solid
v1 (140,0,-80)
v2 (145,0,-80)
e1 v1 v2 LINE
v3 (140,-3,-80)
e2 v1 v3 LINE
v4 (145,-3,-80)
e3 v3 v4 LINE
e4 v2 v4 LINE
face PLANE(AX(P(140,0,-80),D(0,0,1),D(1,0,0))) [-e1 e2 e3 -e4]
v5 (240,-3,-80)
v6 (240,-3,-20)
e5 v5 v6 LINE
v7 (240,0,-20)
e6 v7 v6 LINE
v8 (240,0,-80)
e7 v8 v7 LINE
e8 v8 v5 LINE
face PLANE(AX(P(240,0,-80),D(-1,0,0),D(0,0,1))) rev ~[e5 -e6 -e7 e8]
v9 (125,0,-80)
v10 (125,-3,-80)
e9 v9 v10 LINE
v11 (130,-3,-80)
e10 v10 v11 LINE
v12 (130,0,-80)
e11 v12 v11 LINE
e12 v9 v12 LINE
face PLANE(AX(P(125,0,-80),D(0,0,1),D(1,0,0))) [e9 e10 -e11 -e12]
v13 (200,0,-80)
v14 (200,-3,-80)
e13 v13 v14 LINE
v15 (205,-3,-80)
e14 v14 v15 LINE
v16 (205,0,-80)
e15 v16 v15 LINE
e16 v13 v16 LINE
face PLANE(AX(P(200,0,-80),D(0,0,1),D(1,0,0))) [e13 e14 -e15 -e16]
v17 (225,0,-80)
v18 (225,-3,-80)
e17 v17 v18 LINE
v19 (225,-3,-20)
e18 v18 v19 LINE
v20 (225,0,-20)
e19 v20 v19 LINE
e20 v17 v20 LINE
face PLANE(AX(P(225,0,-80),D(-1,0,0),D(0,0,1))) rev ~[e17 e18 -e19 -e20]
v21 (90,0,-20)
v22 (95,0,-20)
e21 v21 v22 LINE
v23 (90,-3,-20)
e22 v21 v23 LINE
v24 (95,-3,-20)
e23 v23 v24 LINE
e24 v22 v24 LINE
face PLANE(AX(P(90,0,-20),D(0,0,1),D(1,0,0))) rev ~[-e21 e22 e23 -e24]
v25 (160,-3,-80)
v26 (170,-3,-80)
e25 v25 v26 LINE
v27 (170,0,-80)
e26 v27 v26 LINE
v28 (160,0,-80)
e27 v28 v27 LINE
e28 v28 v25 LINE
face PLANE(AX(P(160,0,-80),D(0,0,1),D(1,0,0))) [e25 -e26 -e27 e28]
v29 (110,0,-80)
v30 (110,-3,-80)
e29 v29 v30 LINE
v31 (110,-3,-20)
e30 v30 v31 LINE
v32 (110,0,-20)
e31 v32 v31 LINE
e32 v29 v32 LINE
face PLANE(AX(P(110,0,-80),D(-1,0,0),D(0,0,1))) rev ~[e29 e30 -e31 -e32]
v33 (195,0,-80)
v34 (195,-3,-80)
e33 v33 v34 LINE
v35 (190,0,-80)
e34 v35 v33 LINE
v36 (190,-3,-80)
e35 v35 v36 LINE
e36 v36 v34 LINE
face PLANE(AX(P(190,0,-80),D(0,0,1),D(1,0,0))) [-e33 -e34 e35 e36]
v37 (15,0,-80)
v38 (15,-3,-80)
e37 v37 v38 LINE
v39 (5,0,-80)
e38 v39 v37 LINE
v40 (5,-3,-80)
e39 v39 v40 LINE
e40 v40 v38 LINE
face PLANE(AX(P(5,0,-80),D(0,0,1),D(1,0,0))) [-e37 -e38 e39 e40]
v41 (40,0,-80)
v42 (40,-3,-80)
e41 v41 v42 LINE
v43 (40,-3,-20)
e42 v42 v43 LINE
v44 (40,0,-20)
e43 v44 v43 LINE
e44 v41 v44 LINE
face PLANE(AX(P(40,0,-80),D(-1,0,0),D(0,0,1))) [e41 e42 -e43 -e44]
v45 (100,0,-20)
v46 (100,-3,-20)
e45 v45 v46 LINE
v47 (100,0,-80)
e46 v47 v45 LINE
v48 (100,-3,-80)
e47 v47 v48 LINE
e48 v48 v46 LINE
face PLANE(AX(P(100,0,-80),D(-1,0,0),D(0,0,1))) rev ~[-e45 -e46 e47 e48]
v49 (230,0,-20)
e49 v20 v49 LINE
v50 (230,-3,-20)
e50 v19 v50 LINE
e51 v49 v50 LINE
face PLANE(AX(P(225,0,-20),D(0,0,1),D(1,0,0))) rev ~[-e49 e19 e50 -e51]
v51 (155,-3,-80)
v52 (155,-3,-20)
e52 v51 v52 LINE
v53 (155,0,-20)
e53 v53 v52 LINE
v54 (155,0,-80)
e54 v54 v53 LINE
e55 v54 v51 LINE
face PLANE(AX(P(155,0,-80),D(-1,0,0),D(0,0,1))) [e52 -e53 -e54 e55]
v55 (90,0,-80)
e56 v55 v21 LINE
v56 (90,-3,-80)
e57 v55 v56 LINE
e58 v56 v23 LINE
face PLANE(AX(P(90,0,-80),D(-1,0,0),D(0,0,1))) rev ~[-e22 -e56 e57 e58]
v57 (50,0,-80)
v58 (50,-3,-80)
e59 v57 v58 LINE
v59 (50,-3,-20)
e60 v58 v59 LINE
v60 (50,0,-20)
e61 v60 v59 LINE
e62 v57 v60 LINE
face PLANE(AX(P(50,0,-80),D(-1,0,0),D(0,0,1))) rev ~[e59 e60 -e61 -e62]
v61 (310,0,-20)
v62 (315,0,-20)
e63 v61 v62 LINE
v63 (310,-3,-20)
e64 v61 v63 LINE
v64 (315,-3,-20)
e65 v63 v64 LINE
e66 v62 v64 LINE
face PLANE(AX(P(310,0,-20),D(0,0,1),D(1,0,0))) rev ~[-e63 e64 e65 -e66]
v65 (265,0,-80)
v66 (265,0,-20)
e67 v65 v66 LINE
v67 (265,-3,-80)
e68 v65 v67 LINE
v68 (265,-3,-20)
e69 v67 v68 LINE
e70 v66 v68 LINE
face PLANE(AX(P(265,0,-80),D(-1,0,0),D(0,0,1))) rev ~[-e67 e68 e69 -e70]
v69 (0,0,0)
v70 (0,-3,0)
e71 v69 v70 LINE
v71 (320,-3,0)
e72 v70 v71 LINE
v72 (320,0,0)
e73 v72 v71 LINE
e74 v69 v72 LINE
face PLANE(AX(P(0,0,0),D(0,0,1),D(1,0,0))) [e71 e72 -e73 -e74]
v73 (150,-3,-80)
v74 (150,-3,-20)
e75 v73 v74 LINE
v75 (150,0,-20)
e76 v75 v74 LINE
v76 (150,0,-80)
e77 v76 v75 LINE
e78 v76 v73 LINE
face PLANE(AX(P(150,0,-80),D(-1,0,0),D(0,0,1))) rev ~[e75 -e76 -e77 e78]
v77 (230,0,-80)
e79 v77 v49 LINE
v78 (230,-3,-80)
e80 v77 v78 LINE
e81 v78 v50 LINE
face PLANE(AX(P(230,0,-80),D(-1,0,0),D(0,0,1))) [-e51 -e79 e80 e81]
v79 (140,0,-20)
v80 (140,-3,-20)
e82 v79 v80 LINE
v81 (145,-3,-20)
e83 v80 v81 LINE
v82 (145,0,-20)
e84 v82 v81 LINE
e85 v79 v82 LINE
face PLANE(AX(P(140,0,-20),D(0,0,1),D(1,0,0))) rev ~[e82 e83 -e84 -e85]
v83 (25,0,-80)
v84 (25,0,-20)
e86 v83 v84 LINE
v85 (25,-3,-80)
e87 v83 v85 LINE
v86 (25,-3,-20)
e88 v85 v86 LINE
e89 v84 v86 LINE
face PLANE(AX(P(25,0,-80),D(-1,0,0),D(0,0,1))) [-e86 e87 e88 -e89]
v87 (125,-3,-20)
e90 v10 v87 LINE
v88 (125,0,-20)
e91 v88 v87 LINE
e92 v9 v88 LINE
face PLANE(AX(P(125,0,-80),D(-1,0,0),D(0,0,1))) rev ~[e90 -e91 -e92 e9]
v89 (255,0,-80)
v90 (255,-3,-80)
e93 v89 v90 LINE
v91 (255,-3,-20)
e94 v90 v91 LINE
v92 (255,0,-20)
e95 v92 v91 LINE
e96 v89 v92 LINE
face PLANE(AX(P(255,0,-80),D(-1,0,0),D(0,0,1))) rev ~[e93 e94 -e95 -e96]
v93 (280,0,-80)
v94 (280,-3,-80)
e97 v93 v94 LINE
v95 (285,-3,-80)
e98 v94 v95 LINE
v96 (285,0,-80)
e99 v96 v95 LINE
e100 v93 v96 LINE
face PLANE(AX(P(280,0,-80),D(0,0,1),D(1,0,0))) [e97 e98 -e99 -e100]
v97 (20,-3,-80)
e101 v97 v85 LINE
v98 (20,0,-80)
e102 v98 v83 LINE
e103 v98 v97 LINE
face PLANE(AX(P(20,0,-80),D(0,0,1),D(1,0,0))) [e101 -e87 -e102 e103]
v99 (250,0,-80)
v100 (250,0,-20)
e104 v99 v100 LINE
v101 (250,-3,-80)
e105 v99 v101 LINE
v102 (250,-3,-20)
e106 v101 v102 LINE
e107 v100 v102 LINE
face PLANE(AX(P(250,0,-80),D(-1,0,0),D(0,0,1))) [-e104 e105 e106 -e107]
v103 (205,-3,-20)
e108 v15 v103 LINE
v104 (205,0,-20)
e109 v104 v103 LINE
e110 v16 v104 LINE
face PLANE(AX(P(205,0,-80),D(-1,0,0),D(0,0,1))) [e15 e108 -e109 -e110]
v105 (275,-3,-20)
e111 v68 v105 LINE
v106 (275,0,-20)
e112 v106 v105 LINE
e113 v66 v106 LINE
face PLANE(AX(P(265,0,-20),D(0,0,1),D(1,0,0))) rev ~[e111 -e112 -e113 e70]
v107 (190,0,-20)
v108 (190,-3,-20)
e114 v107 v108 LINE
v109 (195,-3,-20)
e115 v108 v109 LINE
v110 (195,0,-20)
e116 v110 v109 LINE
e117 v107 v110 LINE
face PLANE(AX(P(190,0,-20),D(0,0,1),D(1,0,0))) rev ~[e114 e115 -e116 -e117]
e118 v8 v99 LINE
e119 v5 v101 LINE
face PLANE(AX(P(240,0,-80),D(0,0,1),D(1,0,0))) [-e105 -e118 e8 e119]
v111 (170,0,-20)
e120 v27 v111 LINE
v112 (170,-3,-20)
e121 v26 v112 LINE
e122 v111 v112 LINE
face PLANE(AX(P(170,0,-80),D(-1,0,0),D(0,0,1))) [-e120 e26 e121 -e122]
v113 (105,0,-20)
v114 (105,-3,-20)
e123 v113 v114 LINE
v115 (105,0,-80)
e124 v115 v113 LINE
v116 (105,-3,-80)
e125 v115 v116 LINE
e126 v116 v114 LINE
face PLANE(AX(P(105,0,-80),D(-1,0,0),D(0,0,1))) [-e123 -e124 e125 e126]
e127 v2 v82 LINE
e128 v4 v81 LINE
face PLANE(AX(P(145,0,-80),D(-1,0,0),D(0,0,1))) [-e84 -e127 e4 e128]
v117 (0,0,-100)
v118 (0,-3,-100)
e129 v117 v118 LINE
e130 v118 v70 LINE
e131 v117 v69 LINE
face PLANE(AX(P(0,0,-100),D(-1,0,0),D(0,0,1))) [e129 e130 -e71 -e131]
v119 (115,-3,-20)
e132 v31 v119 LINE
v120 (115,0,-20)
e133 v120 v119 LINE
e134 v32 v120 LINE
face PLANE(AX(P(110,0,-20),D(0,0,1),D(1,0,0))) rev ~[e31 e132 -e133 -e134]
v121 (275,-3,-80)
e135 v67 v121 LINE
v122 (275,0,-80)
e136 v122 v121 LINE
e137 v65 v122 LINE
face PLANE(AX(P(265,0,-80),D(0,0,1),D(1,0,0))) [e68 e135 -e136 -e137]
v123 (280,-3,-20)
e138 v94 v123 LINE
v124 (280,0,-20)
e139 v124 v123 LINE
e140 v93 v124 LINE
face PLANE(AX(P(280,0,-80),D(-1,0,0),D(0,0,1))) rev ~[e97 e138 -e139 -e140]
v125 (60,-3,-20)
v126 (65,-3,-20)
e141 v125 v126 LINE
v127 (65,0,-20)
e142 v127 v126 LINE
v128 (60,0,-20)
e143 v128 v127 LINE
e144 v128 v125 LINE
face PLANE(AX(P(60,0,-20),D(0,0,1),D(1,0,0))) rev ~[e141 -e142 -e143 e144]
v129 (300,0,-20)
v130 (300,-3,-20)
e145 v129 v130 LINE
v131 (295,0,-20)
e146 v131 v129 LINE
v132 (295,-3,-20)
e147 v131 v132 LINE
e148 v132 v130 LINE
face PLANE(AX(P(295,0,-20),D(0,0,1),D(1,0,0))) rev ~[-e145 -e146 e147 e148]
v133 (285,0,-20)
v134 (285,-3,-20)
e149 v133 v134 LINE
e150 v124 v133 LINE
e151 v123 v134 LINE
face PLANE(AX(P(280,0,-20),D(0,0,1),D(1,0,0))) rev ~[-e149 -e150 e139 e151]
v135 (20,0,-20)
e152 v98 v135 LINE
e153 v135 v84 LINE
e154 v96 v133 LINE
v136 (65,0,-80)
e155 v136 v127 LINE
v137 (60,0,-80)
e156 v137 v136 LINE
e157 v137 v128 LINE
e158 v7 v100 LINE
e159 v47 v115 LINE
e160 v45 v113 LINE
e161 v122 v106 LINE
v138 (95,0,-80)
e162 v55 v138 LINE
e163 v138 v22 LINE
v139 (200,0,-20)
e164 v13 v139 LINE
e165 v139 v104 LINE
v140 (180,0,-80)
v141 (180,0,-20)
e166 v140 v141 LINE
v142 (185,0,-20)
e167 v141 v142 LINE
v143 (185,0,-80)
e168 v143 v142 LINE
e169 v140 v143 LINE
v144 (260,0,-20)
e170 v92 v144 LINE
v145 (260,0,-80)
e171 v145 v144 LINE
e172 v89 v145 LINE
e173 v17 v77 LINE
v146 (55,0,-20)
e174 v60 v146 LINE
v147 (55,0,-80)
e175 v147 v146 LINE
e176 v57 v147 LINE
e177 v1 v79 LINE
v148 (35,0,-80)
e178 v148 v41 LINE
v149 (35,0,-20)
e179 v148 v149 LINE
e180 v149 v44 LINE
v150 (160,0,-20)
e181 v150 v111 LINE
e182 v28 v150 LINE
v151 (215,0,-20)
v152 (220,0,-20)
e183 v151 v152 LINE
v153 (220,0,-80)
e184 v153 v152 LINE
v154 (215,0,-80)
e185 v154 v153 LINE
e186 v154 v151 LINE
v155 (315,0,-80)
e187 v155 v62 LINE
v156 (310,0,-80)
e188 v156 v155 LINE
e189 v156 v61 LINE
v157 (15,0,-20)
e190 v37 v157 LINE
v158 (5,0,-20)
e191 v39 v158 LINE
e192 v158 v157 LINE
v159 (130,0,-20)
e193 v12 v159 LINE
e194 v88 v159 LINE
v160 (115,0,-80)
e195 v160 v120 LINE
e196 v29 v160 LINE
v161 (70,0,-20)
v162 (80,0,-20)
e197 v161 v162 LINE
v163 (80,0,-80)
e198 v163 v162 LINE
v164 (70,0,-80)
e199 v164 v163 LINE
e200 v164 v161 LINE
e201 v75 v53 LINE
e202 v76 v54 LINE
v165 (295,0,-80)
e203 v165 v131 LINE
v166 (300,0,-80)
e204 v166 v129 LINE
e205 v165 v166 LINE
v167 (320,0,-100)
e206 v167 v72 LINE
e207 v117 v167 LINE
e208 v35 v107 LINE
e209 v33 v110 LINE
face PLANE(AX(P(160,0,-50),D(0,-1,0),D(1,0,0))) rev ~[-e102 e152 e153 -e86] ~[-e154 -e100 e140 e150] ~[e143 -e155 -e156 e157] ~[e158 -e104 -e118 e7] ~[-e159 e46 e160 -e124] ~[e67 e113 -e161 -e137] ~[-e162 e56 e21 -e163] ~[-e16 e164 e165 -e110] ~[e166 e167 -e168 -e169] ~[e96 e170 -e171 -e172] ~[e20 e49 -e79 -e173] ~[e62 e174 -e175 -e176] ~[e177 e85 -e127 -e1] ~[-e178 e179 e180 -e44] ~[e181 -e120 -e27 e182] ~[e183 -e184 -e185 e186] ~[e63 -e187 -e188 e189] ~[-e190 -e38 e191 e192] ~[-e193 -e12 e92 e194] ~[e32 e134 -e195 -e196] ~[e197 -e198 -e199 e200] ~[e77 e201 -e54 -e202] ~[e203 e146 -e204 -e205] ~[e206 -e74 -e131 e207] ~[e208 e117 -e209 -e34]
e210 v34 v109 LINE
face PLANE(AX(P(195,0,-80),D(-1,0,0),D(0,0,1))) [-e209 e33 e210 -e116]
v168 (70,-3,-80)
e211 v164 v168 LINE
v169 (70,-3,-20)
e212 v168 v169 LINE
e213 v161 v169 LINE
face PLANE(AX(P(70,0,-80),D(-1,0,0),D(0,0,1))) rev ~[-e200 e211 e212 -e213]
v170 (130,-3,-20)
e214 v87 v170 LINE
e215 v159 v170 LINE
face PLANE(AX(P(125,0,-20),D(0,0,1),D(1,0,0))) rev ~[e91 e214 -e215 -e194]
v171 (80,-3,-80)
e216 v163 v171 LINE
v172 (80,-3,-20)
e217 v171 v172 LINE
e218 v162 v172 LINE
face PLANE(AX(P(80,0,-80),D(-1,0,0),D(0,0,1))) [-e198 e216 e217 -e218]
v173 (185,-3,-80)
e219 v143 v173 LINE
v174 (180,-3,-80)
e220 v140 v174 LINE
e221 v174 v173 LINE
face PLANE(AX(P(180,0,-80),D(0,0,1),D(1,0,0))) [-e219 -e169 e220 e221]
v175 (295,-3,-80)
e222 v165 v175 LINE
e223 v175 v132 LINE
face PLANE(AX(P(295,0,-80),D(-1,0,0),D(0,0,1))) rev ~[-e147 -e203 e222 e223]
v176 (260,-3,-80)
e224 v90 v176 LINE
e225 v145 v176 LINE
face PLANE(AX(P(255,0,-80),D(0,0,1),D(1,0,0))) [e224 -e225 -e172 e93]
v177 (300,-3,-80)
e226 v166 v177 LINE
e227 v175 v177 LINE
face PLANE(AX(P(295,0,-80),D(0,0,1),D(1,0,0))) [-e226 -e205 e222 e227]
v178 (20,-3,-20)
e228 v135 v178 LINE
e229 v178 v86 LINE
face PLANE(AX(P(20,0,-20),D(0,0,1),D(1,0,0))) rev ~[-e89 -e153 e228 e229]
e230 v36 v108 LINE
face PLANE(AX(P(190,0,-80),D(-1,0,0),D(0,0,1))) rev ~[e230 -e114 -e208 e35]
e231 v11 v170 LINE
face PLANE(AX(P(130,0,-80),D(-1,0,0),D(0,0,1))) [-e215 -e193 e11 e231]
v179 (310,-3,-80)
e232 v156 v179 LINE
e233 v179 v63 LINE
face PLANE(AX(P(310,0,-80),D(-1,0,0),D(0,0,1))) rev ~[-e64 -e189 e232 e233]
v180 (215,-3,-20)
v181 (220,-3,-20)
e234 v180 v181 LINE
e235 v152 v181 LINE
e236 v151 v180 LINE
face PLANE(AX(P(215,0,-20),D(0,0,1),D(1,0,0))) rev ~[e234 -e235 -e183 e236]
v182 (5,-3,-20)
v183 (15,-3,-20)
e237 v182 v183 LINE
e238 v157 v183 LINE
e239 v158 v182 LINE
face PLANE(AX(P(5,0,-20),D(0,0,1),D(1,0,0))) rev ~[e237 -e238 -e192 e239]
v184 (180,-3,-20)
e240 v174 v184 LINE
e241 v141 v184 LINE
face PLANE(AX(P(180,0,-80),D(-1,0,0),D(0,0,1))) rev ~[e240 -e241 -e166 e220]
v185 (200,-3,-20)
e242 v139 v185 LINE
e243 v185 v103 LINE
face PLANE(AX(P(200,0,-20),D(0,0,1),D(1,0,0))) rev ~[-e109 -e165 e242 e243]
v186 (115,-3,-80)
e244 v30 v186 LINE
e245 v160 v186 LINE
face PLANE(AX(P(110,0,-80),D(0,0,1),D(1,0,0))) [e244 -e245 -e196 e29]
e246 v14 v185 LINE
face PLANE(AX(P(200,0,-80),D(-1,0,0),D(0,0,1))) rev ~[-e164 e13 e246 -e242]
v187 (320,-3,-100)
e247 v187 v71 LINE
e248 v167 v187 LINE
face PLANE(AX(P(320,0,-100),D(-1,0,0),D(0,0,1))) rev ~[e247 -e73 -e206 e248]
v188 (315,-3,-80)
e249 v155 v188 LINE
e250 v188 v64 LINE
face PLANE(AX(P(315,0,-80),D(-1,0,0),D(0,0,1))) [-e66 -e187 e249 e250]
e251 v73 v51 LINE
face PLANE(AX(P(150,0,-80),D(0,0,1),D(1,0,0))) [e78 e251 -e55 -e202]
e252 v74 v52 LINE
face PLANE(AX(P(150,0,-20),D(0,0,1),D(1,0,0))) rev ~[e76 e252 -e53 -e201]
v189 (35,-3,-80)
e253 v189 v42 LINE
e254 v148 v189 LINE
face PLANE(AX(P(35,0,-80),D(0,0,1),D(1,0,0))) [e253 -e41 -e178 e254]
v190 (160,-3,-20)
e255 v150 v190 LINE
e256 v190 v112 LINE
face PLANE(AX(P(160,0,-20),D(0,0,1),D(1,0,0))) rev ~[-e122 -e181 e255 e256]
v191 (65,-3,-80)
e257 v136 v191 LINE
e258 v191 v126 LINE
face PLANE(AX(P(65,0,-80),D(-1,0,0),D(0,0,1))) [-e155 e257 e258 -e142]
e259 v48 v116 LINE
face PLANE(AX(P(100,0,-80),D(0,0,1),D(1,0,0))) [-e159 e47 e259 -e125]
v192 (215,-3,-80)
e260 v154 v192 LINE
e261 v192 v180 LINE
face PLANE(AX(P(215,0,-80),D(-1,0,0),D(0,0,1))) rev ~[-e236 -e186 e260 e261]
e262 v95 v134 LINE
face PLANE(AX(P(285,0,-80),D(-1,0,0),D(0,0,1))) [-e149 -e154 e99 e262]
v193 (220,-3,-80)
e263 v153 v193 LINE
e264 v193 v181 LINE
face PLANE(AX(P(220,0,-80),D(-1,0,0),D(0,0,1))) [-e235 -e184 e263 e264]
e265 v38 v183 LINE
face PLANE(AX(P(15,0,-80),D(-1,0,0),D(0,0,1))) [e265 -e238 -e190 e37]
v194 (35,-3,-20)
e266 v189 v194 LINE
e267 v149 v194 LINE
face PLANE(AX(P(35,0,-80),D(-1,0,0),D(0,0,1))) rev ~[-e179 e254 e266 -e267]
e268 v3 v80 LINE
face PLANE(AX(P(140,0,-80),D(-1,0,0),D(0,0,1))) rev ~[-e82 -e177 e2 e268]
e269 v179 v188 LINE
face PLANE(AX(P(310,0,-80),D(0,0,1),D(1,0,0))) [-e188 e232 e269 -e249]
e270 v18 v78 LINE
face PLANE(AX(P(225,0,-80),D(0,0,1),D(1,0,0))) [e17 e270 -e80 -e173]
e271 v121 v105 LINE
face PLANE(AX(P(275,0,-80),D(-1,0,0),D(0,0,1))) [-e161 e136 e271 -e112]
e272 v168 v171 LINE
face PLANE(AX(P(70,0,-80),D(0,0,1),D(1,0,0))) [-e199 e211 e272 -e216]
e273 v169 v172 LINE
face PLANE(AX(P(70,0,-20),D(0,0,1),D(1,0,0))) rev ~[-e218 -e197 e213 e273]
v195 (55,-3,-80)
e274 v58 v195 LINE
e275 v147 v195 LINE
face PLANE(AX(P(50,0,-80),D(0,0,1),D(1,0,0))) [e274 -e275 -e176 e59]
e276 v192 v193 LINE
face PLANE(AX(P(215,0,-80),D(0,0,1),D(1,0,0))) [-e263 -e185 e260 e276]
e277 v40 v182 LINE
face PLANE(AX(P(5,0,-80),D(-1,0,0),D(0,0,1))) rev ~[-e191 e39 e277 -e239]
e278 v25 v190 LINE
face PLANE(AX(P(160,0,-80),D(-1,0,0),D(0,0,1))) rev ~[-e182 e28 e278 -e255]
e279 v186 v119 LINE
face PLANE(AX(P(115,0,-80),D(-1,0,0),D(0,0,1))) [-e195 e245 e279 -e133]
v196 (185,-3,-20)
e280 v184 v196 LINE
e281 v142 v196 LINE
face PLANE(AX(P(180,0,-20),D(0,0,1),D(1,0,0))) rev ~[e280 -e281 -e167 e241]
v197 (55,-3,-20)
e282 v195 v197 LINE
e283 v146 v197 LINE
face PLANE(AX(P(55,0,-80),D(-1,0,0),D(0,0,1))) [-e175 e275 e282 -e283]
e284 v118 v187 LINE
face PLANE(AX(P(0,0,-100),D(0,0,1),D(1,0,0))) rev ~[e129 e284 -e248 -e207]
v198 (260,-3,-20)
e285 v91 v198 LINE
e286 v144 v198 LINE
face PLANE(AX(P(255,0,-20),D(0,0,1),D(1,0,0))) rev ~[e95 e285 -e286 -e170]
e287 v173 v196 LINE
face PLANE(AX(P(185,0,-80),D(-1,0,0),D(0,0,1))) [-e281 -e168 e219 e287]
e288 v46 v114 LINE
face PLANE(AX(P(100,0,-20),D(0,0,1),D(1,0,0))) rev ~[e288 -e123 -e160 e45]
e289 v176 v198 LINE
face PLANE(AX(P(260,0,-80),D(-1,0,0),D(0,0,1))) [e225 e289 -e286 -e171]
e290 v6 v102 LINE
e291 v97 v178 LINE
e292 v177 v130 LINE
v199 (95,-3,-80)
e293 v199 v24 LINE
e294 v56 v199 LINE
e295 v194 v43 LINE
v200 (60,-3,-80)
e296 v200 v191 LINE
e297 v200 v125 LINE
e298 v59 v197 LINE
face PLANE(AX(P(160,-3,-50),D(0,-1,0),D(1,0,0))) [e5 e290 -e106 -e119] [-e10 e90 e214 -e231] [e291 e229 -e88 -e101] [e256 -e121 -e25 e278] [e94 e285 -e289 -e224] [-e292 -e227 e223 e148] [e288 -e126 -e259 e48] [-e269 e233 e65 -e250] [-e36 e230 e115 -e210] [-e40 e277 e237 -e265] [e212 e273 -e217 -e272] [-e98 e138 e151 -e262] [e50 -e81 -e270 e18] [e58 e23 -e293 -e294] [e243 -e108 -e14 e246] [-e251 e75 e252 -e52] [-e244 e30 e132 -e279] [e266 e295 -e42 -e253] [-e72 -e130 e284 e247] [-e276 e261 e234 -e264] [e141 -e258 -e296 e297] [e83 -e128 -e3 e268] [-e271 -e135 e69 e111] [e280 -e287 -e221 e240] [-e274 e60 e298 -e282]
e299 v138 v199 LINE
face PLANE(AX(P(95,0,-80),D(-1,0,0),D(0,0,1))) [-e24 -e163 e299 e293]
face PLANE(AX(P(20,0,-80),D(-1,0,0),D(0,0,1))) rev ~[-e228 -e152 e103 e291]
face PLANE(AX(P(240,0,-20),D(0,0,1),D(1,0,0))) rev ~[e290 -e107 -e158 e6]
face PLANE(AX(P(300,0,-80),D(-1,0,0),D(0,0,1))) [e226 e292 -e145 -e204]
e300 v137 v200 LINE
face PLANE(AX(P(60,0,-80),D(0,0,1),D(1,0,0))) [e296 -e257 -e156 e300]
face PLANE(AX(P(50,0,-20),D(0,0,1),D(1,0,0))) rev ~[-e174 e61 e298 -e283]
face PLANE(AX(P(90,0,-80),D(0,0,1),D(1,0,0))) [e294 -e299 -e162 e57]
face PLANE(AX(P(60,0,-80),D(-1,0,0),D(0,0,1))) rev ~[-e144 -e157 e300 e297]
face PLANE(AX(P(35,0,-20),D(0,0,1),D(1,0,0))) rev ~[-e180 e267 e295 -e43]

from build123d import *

# Parameters (mm, degrees)
F0_W     = 320
F0_H     = 100
F0_W_2   = 10
F0_H_2   = 60
F0_W_3   = 5
F1_DEPTH = 3


with BuildPart() as f1:
    # F0 (on Front) → F1 (new body)
    with BuildSketch(Plane.XZ):
        with Locations((160, -50)):
            Rectangle(F0_W, F0_H)
        with Locations((10, -50)):
            Rectangle(F0_W_2, F0_H_2, mode=Mode.SUBTRACT)
        with Locations((22.5, -50)):
            Rectangle(F0_W_3, F0_H_2, mode=Mode.SUBTRACT)
        with Locations((37.5, -50)):
            Rectangle(F0_W_3, F0_H_2, mode=Mode.SUBTRACT)
        with Locations((52.5, -50)):
            Rectangle(F0_W_3, F0_H_2, mode=Mode.SUBTRACT)
        with Locations((62.5, -50)):
            Rectangle(F0_W_3, F0_H_2, mode=Mode.SUBTRACT)
        with Locations((75, -50)):
            Rectangle(F0_W_2, F0_H_2, mode=Mode.SUBTRACT)
        with Locations((92.5, -50)):
            Rectangle(F0_W_3, F0_H_2, mode=Mode.SUBTRACT)
        with Locations((102.5, -50)):
            Rectangle(F0_W_3, F0_H_2, mode=Mode.SUBTRACT)
        with Locations((112.5, -50)):
            Rectangle(F0_W_3, F0_H_2, mode=Mode.SUBTRACT)
        with Locations((127.5, -50)):
            Rectangle(F0_W_3, F0_H_2, mode=Mode.SUBTRACT)
        with Locations((142.5, -50)):
            Rectangle(F0_W_3, F0_H_2, mode=Mode.SUBTRACT)
        with Locations((152.5, -50)):
            Rectangle(F0_W_3, F0_H_2, mode=Mode.SUBTRACT)
        with Locations((165, -50)):
            Rectangle(F0_W_2, F0_H_2, mode=Mode.SUBTRACT)
        with Locations((182.5, -50)):
            Rectangle(F0_W_3, F0_H_2, mode=Mode.SUBTRACT)
        with Locations((192.5, -50)):
            Rectangle(F0_W_3, F0_H_2, mode=Mode.SUBTRACT)
        with Locations((202.5, -50)):
            Rectangle(F0_W_3, F0_H_2, mode=Mode.SUBTRACT)
        with Locations((217.5, -50)):
            Rectangle(F0_W_3, F0_H_2, mode=Mode.SUBTRACT)
        with Locations((227.5, -50)):
            Rectangle(F0_W_3, F0_H_2, mode=Mode.SUBTRACT)
        with Locations((245, -50)):
            Rectangle(F0_W_2, F0_H_2, mode=Mode.SUBTRACT)
        with Locations((257.5, -50)):
            Rectangle(F0_W_3, F0_H_2, mode=Mode.SUBTRACT)
        with Locations((270, -50)):
            Rectangle(F0_W_2, F0_H_2, mode=Mode.SUBTRACT)
        with Locations((282.5, -50)):
            Rectangle(F0_W_3, F0_H_2, mode=Mode.SUBTRACT)
        with Locations((297.5, -50)):
            Rectangle(F0_W_3, F0_H_2, mode=Mode.SUBTRACT)
        with Locations((312.5, -50)):
            Rectangle(F0_W_3, F0_H_2, mode=Mode.SUBTRACT)
    extrude(amount=F1_DEPTH)


solid = f1.part
